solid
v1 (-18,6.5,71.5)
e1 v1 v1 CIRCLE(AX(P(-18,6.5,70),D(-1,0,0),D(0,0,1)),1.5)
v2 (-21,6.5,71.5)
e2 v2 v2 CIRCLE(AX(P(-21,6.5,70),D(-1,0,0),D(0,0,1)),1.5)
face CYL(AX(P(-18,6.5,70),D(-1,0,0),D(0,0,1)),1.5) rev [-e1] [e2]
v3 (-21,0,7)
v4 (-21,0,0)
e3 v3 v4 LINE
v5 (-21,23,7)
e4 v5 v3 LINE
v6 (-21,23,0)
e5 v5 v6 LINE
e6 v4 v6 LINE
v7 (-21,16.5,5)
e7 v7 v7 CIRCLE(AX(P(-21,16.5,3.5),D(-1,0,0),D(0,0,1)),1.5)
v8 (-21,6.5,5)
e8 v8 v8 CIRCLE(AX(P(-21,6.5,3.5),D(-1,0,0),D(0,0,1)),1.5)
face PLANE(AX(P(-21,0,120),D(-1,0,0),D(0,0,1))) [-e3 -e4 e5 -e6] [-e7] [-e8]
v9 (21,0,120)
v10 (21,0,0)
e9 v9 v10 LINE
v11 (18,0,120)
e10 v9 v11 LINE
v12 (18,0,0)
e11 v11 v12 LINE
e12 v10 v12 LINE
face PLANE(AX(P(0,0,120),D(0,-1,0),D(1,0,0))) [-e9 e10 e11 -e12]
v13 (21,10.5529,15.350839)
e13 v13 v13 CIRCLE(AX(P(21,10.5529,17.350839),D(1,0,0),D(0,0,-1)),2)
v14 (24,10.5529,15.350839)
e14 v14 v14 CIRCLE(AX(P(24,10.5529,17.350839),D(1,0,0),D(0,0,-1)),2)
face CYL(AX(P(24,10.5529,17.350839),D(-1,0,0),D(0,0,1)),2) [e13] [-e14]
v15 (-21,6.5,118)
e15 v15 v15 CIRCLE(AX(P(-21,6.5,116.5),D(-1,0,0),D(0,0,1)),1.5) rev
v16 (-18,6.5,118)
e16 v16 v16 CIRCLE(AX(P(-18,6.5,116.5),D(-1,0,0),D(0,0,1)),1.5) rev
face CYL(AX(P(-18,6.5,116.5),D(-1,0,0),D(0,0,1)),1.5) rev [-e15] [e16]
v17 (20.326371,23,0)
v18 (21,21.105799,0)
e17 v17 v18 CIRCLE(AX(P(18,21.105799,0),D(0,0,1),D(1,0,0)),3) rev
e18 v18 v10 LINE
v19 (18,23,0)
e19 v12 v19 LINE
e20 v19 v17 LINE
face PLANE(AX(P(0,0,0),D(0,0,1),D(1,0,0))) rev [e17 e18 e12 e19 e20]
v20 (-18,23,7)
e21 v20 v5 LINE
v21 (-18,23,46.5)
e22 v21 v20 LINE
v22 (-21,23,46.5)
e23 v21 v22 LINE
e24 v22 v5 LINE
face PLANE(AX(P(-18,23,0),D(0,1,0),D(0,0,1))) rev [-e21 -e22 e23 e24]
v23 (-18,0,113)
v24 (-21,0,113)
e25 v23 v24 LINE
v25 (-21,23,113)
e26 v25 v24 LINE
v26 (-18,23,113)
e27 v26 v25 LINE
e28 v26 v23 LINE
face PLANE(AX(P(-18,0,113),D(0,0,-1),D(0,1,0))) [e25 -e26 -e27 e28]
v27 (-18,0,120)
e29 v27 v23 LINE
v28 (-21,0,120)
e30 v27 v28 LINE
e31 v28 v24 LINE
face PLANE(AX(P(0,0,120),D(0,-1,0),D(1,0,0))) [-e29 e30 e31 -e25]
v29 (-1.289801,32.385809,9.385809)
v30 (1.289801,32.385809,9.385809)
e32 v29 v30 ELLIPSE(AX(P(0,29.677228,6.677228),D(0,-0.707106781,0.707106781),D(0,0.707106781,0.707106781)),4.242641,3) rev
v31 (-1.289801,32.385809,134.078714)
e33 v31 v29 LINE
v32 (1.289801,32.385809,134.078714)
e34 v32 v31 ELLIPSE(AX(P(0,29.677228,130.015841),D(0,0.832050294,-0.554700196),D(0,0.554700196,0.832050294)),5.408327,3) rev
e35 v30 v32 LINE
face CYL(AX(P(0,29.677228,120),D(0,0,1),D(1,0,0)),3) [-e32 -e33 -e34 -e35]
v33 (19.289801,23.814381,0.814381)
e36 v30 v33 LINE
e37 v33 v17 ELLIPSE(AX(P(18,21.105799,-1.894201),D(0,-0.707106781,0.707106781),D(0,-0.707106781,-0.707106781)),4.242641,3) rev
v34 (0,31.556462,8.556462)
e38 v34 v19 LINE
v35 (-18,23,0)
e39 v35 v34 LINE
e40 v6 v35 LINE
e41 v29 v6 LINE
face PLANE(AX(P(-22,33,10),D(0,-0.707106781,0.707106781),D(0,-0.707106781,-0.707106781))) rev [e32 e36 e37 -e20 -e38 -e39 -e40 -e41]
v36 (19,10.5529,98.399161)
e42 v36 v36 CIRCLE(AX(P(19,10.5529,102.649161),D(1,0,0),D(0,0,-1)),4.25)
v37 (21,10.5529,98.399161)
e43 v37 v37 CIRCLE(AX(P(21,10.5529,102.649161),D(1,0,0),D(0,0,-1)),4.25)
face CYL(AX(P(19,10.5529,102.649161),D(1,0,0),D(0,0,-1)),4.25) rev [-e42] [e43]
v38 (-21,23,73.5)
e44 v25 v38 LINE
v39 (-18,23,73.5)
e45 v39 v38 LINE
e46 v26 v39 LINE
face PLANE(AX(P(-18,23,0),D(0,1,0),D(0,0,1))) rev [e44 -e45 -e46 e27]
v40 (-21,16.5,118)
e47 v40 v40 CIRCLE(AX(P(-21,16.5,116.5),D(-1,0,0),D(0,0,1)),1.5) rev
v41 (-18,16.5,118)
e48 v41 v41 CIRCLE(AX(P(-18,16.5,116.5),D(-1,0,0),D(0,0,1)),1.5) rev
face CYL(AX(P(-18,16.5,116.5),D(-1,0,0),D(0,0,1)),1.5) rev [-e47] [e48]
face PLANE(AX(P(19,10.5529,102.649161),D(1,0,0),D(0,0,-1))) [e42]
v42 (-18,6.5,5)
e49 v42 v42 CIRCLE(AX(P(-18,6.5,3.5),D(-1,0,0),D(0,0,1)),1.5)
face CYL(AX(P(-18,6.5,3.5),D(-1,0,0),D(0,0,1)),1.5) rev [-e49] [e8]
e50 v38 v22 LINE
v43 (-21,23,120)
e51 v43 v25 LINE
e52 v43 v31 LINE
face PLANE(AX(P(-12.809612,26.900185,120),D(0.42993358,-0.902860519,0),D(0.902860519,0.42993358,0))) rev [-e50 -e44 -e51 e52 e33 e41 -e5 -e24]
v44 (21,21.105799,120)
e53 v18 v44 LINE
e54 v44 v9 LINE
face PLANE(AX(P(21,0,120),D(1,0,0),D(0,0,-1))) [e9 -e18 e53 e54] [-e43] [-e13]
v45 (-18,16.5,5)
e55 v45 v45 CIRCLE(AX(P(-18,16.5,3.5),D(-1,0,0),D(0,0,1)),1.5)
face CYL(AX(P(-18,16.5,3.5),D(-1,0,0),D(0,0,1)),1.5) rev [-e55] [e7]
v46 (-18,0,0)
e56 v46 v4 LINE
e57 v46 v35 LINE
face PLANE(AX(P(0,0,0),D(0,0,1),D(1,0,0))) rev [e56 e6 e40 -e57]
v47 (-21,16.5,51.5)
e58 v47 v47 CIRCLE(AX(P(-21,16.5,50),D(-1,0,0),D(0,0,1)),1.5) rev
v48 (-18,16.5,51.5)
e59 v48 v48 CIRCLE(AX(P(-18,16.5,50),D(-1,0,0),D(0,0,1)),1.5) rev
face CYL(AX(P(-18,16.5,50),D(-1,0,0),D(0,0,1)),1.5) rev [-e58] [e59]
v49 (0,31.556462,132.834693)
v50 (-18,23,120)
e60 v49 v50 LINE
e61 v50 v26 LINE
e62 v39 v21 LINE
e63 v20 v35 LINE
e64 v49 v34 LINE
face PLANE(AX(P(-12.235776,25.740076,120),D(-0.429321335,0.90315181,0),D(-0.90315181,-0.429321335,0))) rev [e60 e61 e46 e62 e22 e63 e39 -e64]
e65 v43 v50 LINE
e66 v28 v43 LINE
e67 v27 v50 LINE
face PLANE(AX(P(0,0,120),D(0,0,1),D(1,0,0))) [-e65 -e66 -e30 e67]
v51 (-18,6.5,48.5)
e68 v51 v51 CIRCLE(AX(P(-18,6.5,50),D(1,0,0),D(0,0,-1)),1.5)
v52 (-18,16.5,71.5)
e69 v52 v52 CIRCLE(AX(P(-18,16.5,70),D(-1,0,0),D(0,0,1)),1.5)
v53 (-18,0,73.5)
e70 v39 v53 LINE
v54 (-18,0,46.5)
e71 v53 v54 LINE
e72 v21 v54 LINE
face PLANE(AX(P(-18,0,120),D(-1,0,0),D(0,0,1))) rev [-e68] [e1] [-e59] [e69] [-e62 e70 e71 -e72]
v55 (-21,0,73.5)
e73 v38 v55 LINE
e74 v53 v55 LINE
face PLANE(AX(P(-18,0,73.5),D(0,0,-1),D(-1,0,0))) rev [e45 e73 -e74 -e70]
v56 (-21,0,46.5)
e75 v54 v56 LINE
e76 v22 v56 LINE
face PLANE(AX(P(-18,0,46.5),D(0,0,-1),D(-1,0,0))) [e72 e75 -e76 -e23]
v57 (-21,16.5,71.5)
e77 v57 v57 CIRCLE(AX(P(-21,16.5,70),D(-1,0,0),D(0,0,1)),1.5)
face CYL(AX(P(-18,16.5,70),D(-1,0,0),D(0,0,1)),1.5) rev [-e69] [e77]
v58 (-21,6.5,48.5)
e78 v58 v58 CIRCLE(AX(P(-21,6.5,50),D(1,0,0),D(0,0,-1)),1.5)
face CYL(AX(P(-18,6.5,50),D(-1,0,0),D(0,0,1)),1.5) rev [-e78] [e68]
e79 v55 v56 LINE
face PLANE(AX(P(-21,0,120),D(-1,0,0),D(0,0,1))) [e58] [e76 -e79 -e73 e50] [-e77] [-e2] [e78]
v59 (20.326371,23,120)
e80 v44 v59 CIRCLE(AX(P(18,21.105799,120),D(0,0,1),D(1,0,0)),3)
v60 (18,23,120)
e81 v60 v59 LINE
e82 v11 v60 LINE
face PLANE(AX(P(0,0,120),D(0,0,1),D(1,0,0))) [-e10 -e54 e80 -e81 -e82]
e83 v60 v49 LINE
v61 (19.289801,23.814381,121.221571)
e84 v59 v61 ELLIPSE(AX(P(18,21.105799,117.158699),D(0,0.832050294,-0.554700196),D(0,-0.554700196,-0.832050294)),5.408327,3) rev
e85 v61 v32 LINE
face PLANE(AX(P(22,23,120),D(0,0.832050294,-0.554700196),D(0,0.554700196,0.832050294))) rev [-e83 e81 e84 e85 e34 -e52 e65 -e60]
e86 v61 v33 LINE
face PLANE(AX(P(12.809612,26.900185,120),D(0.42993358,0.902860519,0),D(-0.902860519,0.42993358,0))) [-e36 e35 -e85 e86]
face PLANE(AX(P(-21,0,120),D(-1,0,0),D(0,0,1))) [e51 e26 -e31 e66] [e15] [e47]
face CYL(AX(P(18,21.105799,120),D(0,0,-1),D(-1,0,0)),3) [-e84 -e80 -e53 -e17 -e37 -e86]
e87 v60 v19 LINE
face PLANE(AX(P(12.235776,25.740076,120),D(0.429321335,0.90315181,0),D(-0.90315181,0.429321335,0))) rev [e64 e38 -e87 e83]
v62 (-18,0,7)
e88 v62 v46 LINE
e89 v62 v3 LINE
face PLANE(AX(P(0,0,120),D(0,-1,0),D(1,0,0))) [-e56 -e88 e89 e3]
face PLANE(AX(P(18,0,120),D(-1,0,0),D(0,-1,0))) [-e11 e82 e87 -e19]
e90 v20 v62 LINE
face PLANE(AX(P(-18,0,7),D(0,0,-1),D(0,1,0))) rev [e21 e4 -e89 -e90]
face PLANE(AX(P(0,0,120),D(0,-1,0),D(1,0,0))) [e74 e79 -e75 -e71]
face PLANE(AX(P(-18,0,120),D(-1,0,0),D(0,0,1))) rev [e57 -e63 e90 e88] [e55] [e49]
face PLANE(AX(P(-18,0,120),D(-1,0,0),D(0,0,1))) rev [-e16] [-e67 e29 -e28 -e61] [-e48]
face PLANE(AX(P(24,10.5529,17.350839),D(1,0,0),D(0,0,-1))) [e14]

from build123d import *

# Parameters (mm, degrees)
BOSS_EXTRUDE1_DEPTH = 120
BOSS_EXTRUDE2_DEPTH = 15
CUT_EXTRUDE1_DEPTH  = 43
CUT_EXTRUDE2_DEPTH  = 43
FILLET1_R           = 3
FILLET2_R           = 3
SKETCH6_W           = 39.5
SKETCH6_H           = 23
SKETCH6_R           = 1.5
CUT_EXTRUDE3_DEPTH  = 3
SKETCH7_R           = 4.25
CUT_EXTRUDE4_DEPTH  = 2
SKETCH8_R           = 4.25
CUT_EXTRUDE5_DEPTH  = 2
BOSS_EXTRUDE3_START = 2
SKETCH9_R           = 4.25
BOSS_EXTRUDE3_DEPTH = 2
SKETCH10_R          = 2
BOSS_EXTRUDE4_DEPTH = 3


with BuildPart() as part:
    # Sketch2 → Boss-Extrude1 (new body)
    with BuildSketch(Plane.XY):
        Polygon((-18, 23), (0, 31.556461876), (18, 23), (18, 20), (18, 0), (21, 0), (21, 23), (0, 33), (-21, 23), (-21, 0), (-18, 0), (-18, 20), align=None)
    extrude(amount=BOSS_EXTRUDE1_DEPTH)

    # Sketch3 → Boss-Extrude2 (add)
    with BuildSketch(Plane.XY.offset(120)):
        Polygon((-18, 23), (-21, 23), (0, 33), (21, 23), (18, 23), (0, 31.556461876), align=None)
    extrude(amount=BOSS_EXTRUDE2_DEPTH)

    # Sketch4 → Cut-Extrude1 (cut)
    with BuildSketch(Plane.ZY.offset(21)):
        Polygon((135, 23), (120, 23), (135, 33), align=None)
    extrude(amount=-CUT_EXTRUDE1_DEPTH, mode=Mode.SUBTRACT)

    # Sketch5 → Cut-Extrude2 (cut)
    with BuildSketch(Plane(origin=(21, 0, 0), x_dir=(0, 0, -1), z_dir=(1, 0, 0))):
        Polygon((0, 23), (0, 33), (-10, 33), align=None)
    extrude(amount=-CUT_EXTRUDE2_DEPTH, mode=Mode.SUBTRACT)

    # Fillet1
    fillet1_edges = [part.edges().sort_by_distance(p)[0] for p in [
        (0, 33, 72.5),
    ]]
    fillet(fillet1_edges, radius=FILLET1_R)

    # Fillet2
    fillet2_edges = [part.edges().sort_by_distance(p)[0] for p in [
        (21, 23, 60),
    ]]
    fillet(fillet2_edges, radius=FILLET2_R)

    # Sketch6 → Cut-Extrude3 (cut)
    with BuildSketch(Plane.ZY.offset(21)):
        with Locations((26.75, 11.5)):
            Rectangle(SKETCH6_W, SKETCH6_H)
        with Locations((93.25, 11.5)):
            Rectangle(SKETCH6_W, SKETCH6_H)
        with Locations((116.5, 6.5)):
            Circle(SKETCH6_R)
        with Locations((116.5, 16.5)):
            Circle(SKETCH6_R)
        with Locations((70, 6.5)):
            Circle(SKETCH6_R)
        with Locations((50, 16.5)):
            Circle(SKETCH6_R)
        with Locations((3.5, 16.5)):
            Circle(SKETCH6_R)
        with Locations((3.5, 6.5)):
            Circle(SKETCH6_R)
        with Locations(Location((50, 6.5, 0), (0, 0, 180))):
            Circle(SKETCH6_R)
        with Locations((70, 16.5)):
            Circle(SKETCH6_R)
    extrude(amount=-CUT_EXTRUDE3_DEPTH, mode=Mode.SUBTRACT)

    # Sketch7 → Cut-Extrude4 (cut)
    with BuildSketch(Plane(origin=(21, 0, 0), x_dir=(0, 0, -1), z_dir=(1, 0, 0))):
        with Locations((-102.649161404, 10.552899521)):
            Circle(SKETCH7_R)
    extrude(amount=-CUT_EXTRUDE4_DEPTH, mode=Mode.SUBTRACT)

    # Sketch8 → Cut-Extrude5 (cut)
    with BuildSketch(Plane(origin=(21, 0, 0), x_dir=(0, 0, -1), z_dir=(1, 0, 0))):
        with Locations((-17.350838596, 10.552899521)):
            Circle(SKETCH8_R)
    extrude(amount=-CUT_EXTRUDE5_DEPTH, mode=Mode.SUBTRACT)

    # Sketch9 → Boss-Extrude3 (add)
    with BuildSketch(Plane(origin=(19, 0, 0), x_dir=(0, 0, -1), z_dir=(1, 0, 0)).offset(BOSS_EXTRUDE3_START)):
        with Locations((-17.350838596, 10.552899521)):
            Circle(SKETCH9_R)
    extrude(amount=-BOSS_EXTRUDE3_DEPTH)

    # Sketch10 → Boss-Extrude4 (add)
    with BuildSketch(Plane(origin=(21, 0, 0), x_dir=(0, 0, -1), z_dir=(1, 0, 0))):
        with Locations((-17.350838596, 10.552899521)):
            Circle(SKETCH10_R)
    extrude(amount=BOSS_EXTRUDE4_DEPTH)


solid = part.part
